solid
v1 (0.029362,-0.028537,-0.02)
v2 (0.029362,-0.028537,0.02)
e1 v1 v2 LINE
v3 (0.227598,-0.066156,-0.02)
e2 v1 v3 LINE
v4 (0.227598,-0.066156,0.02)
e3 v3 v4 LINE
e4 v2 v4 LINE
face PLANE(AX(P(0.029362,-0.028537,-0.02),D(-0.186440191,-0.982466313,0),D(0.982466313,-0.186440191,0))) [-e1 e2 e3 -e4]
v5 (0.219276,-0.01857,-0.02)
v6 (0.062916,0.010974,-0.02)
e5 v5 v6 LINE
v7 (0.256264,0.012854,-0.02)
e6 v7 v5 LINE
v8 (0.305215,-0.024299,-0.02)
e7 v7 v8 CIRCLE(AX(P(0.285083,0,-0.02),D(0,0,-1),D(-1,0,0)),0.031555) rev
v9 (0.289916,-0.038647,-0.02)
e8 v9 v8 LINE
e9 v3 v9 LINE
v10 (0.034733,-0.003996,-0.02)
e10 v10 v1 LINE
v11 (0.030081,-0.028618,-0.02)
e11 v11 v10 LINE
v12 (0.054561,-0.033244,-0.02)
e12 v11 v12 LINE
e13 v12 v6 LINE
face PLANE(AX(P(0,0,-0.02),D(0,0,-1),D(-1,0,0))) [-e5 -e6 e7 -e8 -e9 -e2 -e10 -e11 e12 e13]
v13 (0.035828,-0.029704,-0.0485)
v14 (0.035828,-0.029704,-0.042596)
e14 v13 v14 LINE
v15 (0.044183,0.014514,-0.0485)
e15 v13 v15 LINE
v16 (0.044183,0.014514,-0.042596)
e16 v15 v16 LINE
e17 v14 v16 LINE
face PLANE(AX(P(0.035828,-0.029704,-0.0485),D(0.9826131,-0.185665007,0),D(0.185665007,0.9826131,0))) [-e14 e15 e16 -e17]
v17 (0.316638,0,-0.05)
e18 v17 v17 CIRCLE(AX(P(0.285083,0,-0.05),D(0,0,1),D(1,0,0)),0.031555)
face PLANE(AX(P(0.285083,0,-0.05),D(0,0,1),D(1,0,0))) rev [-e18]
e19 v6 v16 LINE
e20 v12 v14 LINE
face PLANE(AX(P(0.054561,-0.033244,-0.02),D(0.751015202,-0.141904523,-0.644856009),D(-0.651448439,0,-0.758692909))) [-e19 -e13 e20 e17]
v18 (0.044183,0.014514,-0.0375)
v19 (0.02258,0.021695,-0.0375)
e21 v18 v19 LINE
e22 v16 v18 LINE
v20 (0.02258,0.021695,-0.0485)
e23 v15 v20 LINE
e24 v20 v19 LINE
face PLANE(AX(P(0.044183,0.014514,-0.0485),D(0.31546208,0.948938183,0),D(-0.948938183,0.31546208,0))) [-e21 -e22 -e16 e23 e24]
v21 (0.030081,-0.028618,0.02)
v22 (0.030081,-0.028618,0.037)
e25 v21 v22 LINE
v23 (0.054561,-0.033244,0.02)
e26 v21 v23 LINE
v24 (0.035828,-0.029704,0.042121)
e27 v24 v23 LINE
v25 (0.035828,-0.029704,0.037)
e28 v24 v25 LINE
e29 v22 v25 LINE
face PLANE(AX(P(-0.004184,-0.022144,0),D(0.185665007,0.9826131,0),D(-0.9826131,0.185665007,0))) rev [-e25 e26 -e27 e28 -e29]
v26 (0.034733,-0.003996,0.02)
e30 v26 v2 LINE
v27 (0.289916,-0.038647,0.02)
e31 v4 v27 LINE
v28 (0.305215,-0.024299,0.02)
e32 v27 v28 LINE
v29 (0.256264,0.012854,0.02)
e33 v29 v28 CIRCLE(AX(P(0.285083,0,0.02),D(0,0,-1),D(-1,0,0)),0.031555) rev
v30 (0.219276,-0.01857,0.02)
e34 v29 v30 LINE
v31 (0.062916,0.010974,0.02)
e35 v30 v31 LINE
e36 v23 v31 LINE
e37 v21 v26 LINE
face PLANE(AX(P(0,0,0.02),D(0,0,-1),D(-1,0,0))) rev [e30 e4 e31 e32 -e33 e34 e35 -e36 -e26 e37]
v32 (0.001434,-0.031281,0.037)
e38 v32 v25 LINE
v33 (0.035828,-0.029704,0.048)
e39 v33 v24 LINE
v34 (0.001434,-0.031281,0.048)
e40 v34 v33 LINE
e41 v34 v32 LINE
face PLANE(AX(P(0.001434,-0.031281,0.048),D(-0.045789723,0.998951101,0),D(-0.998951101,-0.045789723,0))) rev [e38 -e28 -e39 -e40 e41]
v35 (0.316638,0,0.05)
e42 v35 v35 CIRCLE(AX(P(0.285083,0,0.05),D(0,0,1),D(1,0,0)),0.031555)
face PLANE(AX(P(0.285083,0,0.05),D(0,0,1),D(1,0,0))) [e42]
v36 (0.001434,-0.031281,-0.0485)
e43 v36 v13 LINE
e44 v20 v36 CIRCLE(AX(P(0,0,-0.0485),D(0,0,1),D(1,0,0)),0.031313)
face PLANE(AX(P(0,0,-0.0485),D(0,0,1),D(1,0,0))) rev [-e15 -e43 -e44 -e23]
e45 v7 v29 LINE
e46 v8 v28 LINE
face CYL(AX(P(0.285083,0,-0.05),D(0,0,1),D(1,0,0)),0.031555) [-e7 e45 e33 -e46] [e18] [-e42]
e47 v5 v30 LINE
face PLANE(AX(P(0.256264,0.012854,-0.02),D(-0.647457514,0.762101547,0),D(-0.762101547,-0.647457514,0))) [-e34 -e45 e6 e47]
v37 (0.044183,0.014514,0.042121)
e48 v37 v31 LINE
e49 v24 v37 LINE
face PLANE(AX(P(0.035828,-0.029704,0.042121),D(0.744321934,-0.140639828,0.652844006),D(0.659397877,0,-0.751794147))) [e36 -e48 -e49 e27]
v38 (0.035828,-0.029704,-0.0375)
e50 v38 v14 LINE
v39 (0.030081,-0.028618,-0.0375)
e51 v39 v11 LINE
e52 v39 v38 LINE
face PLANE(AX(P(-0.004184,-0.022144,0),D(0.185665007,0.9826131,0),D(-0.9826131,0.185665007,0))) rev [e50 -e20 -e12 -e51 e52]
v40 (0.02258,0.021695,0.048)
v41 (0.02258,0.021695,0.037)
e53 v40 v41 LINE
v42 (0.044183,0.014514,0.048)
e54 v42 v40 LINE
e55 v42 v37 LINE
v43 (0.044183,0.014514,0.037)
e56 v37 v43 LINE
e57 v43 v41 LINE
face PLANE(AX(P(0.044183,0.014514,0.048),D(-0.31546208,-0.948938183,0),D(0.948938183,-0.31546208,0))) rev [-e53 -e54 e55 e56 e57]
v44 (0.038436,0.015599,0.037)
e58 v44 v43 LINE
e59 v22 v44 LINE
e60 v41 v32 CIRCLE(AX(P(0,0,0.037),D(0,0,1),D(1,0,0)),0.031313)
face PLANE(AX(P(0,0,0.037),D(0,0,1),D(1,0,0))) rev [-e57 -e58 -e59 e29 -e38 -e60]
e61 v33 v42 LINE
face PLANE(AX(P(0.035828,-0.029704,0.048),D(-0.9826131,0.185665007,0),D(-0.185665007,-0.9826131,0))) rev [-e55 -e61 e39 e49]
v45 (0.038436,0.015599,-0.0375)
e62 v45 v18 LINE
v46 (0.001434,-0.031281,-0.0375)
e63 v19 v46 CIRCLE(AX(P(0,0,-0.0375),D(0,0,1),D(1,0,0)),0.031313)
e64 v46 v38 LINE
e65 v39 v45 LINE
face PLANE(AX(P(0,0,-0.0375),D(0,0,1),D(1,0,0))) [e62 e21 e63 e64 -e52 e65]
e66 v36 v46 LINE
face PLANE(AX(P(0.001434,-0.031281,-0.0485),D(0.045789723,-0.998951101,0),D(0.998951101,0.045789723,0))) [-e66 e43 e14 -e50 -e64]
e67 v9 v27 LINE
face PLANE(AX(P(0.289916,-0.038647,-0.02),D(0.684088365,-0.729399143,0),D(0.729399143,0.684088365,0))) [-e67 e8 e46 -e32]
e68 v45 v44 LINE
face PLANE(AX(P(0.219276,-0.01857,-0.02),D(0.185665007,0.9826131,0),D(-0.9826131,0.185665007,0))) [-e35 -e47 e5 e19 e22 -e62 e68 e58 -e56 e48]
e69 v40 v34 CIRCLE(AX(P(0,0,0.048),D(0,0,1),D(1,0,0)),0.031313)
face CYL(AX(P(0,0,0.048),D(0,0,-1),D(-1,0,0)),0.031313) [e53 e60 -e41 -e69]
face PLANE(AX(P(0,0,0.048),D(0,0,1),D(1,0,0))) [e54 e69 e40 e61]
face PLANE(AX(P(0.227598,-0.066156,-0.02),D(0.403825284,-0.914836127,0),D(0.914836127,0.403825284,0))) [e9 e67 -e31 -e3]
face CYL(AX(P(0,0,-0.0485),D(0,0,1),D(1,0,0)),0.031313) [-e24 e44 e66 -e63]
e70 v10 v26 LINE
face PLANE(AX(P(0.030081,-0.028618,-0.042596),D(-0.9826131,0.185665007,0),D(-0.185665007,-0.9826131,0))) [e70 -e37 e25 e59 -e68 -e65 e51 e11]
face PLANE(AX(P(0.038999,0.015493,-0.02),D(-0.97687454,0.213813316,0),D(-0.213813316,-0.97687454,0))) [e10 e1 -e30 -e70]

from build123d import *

# Parameters (mm, degrees)
BOSS_EXTRUDE1_DEPTH      = 0.05
BOSS_EXTRUDE1_DEPTH_BACK = 0.05
SKETCH1_R                = 0.031555485
BOSS_EXTRUDE2_DEPTH      = 0.02
BOSS_EXTRUDE2_DEPTH_BACK = 0.02
BOSS_EXTRUDE3_DEPTH      = 0.045
BOSS_EXTRUDE4_START      = 0.037
BOSS_EXTRUDE4_DEPTH      = 0.011
BOSS_EXTRUDE5_START      = -0.0485
BOSS_EXTRUDE5_DEPTH      = 0.011


with BuildPart() as part:
    # Sketch1 → Boss-Extrude1 (new, two sides: drawn at the far end of the back side and taken through both)
    with BuildSketch(Plane.XY.offset(-BOSS_EXTRUDE1_DEPTH_BACK)):
        with Locations((0.285082825, 0)):
            Circle(SKETCH1_R)
    extrude(amount=BOSS_EXTRUDE1_DEPTH + BOSS_EXTRUDE1_DEPTH_BACK)

    # Sketch2 → Boss-Extrude2 (add, two sides: drawn at the far end of the back side and taken through both)
    with BuildSketch(Plane.XY.offset(-BOSS_EXTRUDE2_DEPTH_BACK)):
        Polygon((0.256264101, 0.012854173), (0.219275504, -0.018570175), (0.038999203, 0.01549308), (0.029362086, -0.028537173), (0.227597753, -0.066155863), (0.28991637, -0.038647294), (0.305214712, -0.024299296), align=None)
    extrude(amount=BOSS_EXTRUDE2_DEPTH + BOSS_EXTRUDE2_DEPTH_BACK)

    # Sketch4 → Boss-Extrude3 (add)
    with BuildSketch(Plane(origin=(0.00417087, 0.022073903, 0), x_dir=(0.9826131004203594, -0.18566500715613823, 0), z_dir=(0.18566500715613823, 0.9826131004203594, 0))):
        Polygon((0.034871537, 0.042595926), (0.034871537, -0.042120531), (0.040720148, -0.042120531), (0.059784705, -0.02), (0.059784705, 0.02), (0.040720148, 0.042595926), align=None)
    extrude(amount=-BOSS_EXTRUDE3_DEPTH)

    # Sketch5 → Boss-Extrude4 (add)
    with BuildSketch(Plane.XY.offset(BOSS_EXTRUDE4_START)):
        with BuildLine():
            Line((0.001433832, -0.031280551), (0.035828096, -0.029703994))
            Line((0.035828096, -0.029703994), (0.044183021, 0.014513596))
            Line((0.044183021, 0.014513596), (0.022579642, 0.021695356))
            ThreePointArc((0.022579642, 0.021695356), (-0.029082184, 0.011608416), (0.001433832, -0.031280551))
        make_face()
    extrude(amount=BOSS_EXTRUDE4_DEPTH)

    # Sketch5<2> → Boss-Extrude5 (add)
    with BuildSketch(Plane.XY.offset(BOSS_EXTRUDE5_START)):
        with BuildLine():
            Line((0.001433832, -0.031280551), (0.035828096, -0.029703994))
            Line((0.035828096, -0.029703994), (0.044183021, 0.014513596))
            Line((0.044183021, 0.014513596), (0.022579642, 0.021695356))
            ThreePointArc((0.022579642, 0.021695356), (-0.029082184, 0.011608416), (0.001433832, -0.031280551))
        make_face()
    extrude(amount=BOSS_EXTRUDE5_DEPTH)


solid = part.part
